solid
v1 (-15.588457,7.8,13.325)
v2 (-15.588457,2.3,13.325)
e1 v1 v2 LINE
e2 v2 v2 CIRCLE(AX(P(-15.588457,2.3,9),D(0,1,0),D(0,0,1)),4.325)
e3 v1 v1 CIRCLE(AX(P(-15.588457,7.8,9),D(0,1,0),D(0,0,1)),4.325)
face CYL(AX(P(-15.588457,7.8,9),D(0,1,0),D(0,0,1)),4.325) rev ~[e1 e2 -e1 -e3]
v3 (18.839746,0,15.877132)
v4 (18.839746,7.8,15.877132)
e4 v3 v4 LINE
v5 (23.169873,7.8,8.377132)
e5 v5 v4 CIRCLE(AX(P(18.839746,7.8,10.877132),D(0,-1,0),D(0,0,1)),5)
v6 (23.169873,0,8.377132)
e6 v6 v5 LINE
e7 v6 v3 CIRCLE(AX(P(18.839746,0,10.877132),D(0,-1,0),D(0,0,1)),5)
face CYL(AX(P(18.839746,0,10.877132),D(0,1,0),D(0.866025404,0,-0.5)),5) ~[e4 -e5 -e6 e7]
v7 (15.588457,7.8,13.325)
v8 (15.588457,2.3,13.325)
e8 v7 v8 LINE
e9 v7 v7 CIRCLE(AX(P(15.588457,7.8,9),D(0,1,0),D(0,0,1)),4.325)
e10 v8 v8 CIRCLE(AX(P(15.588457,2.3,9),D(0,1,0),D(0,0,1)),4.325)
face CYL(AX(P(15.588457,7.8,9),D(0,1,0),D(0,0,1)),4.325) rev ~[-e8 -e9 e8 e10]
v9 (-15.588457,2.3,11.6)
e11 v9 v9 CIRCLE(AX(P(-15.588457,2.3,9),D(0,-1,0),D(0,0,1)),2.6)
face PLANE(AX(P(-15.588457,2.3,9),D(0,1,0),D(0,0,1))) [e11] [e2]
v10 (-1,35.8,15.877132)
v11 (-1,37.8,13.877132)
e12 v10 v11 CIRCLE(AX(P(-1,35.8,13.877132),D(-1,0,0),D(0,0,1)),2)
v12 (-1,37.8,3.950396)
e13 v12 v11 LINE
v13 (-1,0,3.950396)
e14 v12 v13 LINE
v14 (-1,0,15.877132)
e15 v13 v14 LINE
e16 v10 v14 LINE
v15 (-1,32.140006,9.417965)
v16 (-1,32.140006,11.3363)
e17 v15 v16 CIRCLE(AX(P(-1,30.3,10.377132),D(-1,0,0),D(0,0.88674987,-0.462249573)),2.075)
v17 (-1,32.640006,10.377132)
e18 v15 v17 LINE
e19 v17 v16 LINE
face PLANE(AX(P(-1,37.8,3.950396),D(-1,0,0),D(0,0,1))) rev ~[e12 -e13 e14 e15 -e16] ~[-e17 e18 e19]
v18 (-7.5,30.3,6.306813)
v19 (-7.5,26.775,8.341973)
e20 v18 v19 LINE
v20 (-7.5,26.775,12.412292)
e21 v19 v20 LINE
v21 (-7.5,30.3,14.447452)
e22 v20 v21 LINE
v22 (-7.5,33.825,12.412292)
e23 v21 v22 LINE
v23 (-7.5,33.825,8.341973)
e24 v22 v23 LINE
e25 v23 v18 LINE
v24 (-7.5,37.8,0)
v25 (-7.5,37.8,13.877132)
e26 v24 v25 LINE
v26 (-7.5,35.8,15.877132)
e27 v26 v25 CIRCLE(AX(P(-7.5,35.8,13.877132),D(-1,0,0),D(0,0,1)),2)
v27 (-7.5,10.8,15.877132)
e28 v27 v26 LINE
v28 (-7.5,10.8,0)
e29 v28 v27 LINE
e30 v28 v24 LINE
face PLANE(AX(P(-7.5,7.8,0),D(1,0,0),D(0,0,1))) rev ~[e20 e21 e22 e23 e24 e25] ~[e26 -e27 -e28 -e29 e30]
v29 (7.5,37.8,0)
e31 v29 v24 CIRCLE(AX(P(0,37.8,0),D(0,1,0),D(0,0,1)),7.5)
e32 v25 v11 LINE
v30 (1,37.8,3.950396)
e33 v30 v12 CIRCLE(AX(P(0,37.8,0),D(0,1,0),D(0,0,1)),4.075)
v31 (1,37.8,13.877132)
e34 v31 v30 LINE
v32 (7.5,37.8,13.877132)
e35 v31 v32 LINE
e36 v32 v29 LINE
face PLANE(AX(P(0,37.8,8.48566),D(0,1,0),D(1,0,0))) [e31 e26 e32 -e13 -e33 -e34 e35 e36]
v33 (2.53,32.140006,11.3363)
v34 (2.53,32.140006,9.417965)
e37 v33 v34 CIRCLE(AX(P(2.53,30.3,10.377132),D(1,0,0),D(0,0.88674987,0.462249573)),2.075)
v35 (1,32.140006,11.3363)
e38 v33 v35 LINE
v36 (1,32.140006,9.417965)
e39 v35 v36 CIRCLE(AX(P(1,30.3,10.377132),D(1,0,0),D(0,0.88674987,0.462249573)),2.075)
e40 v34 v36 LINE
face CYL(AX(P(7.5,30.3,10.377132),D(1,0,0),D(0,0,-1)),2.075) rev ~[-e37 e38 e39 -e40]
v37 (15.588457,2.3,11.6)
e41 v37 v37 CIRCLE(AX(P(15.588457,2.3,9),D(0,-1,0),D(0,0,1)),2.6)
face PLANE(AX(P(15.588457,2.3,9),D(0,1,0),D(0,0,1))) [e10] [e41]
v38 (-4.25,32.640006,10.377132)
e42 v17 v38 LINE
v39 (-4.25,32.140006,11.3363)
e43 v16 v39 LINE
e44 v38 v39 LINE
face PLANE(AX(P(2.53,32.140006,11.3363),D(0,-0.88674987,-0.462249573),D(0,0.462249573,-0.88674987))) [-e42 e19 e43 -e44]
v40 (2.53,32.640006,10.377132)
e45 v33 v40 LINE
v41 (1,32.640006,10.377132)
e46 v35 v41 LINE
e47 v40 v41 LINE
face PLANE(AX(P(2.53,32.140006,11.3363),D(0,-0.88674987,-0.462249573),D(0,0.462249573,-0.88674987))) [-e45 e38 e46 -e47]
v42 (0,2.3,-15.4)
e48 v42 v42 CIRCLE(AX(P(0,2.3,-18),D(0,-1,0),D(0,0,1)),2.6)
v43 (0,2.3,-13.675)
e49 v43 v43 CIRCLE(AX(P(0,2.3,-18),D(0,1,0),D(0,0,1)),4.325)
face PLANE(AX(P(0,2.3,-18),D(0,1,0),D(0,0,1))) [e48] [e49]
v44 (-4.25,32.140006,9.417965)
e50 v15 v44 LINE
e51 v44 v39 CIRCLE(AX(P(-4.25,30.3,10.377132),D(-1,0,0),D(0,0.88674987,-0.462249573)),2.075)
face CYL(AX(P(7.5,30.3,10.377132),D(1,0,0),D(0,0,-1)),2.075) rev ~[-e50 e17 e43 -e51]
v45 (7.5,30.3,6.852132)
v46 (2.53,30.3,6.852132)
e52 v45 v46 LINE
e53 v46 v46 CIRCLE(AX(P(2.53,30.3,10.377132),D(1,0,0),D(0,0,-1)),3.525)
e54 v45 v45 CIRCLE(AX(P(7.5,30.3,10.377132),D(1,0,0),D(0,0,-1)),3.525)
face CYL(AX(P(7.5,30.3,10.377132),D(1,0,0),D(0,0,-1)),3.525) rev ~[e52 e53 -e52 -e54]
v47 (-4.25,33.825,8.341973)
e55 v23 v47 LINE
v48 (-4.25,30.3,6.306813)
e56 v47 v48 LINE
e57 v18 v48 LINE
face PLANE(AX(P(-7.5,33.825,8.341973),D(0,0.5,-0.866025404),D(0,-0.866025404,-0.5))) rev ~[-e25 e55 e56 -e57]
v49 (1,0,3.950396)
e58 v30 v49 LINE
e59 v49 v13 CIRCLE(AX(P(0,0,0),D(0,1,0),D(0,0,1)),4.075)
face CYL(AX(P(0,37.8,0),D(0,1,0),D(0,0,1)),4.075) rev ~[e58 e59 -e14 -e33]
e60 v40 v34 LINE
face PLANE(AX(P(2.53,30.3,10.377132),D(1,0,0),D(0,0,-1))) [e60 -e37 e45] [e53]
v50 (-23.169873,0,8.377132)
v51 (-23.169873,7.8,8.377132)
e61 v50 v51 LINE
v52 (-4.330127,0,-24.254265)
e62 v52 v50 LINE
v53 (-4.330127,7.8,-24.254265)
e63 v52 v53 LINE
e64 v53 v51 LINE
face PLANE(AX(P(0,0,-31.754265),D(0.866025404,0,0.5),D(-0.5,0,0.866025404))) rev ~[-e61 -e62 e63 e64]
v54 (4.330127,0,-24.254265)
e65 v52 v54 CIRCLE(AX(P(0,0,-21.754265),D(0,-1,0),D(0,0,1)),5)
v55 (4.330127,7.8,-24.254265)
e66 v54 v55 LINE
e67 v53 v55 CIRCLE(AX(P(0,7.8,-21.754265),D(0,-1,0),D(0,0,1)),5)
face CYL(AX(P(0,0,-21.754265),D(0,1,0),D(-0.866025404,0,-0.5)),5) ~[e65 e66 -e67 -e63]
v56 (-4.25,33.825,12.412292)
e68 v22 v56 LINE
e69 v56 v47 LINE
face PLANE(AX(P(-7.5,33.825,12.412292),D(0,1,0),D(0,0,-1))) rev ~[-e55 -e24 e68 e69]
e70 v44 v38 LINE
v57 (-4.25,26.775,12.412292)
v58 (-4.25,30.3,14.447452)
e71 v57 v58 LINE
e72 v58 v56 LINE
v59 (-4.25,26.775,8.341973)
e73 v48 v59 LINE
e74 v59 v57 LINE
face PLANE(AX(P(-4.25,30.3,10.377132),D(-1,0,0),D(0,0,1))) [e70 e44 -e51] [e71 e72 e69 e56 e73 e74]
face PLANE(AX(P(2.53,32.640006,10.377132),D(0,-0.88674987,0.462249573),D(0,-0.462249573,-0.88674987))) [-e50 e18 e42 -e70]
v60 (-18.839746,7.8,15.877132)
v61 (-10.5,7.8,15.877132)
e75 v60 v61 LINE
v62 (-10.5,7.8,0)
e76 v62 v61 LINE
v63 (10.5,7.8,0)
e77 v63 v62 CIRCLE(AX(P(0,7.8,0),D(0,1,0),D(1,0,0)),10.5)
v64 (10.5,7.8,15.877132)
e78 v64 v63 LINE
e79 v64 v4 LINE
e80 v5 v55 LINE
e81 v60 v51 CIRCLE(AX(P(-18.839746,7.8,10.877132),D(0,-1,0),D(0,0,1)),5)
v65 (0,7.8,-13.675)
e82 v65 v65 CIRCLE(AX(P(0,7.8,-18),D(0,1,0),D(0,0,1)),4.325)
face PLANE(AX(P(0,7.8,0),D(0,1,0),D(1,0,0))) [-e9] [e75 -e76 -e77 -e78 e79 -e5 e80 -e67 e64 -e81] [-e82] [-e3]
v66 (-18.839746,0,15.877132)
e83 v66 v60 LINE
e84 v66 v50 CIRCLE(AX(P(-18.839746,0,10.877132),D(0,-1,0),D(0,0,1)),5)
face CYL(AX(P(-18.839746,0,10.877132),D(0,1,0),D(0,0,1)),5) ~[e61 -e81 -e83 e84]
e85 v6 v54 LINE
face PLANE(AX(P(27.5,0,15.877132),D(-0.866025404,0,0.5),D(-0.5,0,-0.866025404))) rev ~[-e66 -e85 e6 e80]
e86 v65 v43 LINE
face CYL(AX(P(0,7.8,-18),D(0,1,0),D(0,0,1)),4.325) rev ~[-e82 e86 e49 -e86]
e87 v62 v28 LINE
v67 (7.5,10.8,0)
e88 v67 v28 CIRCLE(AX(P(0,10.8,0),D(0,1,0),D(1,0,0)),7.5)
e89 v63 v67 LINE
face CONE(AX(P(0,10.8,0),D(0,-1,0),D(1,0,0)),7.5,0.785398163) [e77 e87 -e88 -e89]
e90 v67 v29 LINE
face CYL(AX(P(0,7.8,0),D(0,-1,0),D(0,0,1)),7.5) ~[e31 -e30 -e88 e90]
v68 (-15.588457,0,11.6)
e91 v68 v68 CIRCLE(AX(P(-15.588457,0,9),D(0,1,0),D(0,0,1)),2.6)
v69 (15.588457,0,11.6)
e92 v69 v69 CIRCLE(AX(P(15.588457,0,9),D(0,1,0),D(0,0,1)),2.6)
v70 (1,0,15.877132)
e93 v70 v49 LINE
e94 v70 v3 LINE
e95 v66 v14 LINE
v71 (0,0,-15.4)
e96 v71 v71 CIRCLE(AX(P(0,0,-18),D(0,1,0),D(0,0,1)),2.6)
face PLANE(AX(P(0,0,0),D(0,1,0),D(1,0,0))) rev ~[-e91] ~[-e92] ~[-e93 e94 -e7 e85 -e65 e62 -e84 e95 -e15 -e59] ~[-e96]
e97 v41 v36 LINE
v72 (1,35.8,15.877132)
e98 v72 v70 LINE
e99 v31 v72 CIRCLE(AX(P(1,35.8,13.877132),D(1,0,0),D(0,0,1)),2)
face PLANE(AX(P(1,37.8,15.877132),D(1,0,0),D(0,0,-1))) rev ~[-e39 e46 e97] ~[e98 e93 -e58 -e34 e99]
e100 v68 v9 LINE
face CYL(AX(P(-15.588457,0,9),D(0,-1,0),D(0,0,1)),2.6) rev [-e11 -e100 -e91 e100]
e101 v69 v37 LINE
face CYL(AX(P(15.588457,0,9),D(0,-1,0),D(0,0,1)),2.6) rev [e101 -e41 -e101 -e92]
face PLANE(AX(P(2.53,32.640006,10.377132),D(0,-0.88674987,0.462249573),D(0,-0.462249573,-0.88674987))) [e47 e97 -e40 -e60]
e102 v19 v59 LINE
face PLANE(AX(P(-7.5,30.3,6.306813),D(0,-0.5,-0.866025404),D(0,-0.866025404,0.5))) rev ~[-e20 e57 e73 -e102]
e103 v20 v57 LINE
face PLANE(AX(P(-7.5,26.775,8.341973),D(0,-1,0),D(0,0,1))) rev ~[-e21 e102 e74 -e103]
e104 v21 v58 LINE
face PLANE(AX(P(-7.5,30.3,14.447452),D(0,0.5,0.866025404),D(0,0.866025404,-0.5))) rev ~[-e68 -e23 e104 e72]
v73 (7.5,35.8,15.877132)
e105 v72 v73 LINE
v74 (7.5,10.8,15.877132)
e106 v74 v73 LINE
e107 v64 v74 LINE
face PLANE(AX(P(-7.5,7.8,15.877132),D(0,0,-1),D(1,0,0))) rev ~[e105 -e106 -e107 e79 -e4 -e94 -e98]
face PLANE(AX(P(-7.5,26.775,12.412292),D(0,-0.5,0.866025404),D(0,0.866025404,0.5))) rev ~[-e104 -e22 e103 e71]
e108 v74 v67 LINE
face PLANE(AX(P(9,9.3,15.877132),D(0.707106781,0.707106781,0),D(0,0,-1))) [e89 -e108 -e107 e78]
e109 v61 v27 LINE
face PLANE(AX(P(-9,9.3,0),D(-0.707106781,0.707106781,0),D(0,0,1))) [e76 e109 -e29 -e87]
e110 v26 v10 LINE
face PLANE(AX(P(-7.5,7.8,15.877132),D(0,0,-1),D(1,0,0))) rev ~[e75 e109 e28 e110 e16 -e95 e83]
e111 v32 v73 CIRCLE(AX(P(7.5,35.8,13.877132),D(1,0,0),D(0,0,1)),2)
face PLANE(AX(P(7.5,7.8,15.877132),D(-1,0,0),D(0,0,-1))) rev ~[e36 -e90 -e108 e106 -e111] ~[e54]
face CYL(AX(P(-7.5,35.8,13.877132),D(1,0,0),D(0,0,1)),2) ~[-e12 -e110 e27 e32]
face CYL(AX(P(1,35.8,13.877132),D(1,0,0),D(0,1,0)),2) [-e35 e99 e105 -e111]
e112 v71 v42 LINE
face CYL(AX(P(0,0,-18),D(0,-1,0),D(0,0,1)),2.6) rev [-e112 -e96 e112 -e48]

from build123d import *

# Parameters (mm, degrees)
ESQUISSE5_R              = 2.6
BOSS_EXTRU_2_DEPTH       = 7.8
ESQUISSE6_R              = 7.5
BOSS_EXTRU_3_DEPTH       = 30
BOSS_EXTRU_6_START       = -30
BOSS_EXTRU_6_DEPTH       = 30
ESQUISSE14_R             = 4.075
ENL_V_MAT_EXTRU_4_DEPTH  = 57.510382527
ENL_V_MAT_EXTRU_5_DEPTH  = 57.510382527
CONG_2_R                 = 5
ESQUISSE17_R             = 2.075
ENL_V_MAT_EXTRU_6_DEPTH  = 56.917889465
ENL_V_MAT_EXTRU_7_DEPTH  = 3.25
CHANFREIN1_SIZE          = 3
ESQUISSE20_R             = 3.525
ENL_V_MAT_EXTRU_9_DEPTH  = 4.97
CONG_3_R                 = 2
ESQUISSE19_R             = 4.325
ENL_V_MAT_EXTRU_8_DEPTH  = 5.5
ENL_V_MAT_EXTRU_10_DEPTH = 54.291595842


with BuildPart() as part:
    # Esquisse5 → Boss.-Extru.2 (new body)
    with BuildSketch(Plane(origin=(0, 0, 0), x_dir=(1, 0, 0), z_dir=(0, 1, 0))):
        Polygon((-27.5, -15.877132403), (27.5, -15.877132403), (0, 31.754264805), align=None)
        with Locations(Location((0, 18, 0), (0, 0, 270))):
            Circle(ESQUISSE5_R, mode=Mode.SUBTRACT)
        with Locations(Location((-15.588457268, -9, 0), (0, 0, 270))):
            Circle(ESQUISSE5_R, mode=Mode.SUBTRACT)
        with Locations(Location((15.588457268, -9, 0), (0, 0, 270))):
            Circle(ESQUISSE5_R, mode=Mode.SUBTRACT)
    extrude(amount=BOSS_EXTRU_2_DEPTH)

    # Esquisse6 → Boss.-Extru.3 (add)
    with BuildSketch(Plane(origin=(0, 7.8, 0), x_dir=(1, 0, 0), z_dir=(0, 1, 0))):
        with Locations(Location((0, 0, 0), (0, 0, 270))):
            Circle(ESQUISSE6_R)
    extrude(amount=BOSS_EXTRU_3_DEPTH)

    # Esquisse13 → Boss.-Extru.6 (add)
    with BuildSketch(Plane(origin=(0, 37.8, 0), x_dir=(1, 0, 0), z_dir=(0, 1, 0)).offset(BOSS_EXTRU_6_START)):
        with BuildLine():
            Line((-7.5, 0), (-7.5, -15.877132403))
            Line((-7.5, -15.877132403), (7.5, -15.877132403))
            Line((7.5, -15.877132403), (7.5, 0))
            ThreePointArc((7.5, 0), (0, -7.5), (-7.5, 0))
        make_face()
    extrude(amount=BOSS_EXTRU_6_DEPTH)

    # Esquisse14 → Enlèv. mat.-Extru.4 (cut, through all)
    with BuildSketch(Plane(origin=(0, 37.8, 0), x_dir=(1, 0, 0), z_dir=(0, 1, 0))):
        with Locations(Location((0, 0, 0), (0, 0, 270))):
            Circle(ESQUISSE14_R)
    extrude(amount=-ENL_V_MAT_EXTRU_4_DEPTH, mode=Mode.SUBTRACT)

    # Esquisse15 → Enlèv. mat.-Extru.5 (cut, through all)
    with BuildSketch(Plane(origin=(0, 37.8, 0), x_dir=(1, 0, 0), z_dir=(0, 1, 0))):
        with BuildLine():
            Line((-1, -3.95039555), (-1, -15.877132403))
            Line((-1, -15.877132403), (1, -15.877132403))
            Line((1, -15.877132403), (1, -3.95039555))
            ThreePointArc((1, -3.95039555), (0, -4.075), (-1, -3.95039555))
        make_face()
    extrude(amount=-ENL_V_MAT_EXTRU_5_DEPTH, mode=Mode.SUBTRACT)

    # Congé2
    cong_2_edges = [part.edges().sort_by_distance(p)[0] for p in [
        (0, 3.9, -31.754264805),
        (27.5, 3.9, 15.877132403),
        (-27.5, 3.9, 15.877132403),
    ]]
    fillet(cong_2_edges, radius=CONG_2_R)

    # Esquisse17 → Enlèv. mat.-Extru.6 (cut, through all)
    with BuildSketch(Plane(origin=(7.5, 0, 0), x_dir=(0, 0, -1), z_dir=(1, 0, 0))):
        with Locations((-10.377132403, 30.3)):
            Circle(ESQUISSE17_R)
    extrude(amount=-ENL_V_MAT_EXTRU_6_DEPTH, mode=Mode.SUBTRACT)

    # Esquisse18 → Enlèv. mat.-Extru.7 (cut)
    with BuildSketch(Plane.ZY.offset(7.5)):
        Polygon((12.412292102, 33.825), (8.341972704, 33.825), (6.306813005, 30.3), (8.341972704, 26.775), (12.412292102, 26.775), (14.447451801, 30.3), align=None)
    extrude(amount=-ENL_V_MAT_EXTRU_7_DEPTH, mode=Mode.SUBTRACT)

    # Chanfrein1
    chanfrein1_edges = [part.edges().sort_by_distance(p)[0] for p in [
        (0, 7.8, -7.5),
        (7.5, 7.8, 7.938566201),
        (-7.5, 7.8, 7.938566201),
    ]]
    chamfer(chanfrein1_edges, length=CHANFREIN1_SIZE)

    # Esquisse20 → Enlèv. mat.-Extru.9 (cut)
    with BuildSketch(Plane(origin=(7.5, 0, 0), x_dir=(0, 0, -1), z_dir=(1, 0, 0))):
        with Locations((-10.377132403, 30.3)):
            Circle(ESQUISSE20_R)
    extrude(amount=-ENL_V_MAT_EXTRU_9_DEPTH, mode=Mode.SUBTRACT)

    # Congé3
    cong_3_edges = [part.edges().sort_by_distance(p)[0] for p in [
        (-4.25, 37.8, 15.877132403),
        (4.25, 37.8, 15.877132403),
    ]]
    fillet(cong_3_edges, radius=CONG_3_R)

    # Esquisse19 → Enlèv. mat.-Extru.8 (cut)
    with BuildSketch(Plane(origin=(0, 7.8, 0), x_dir=(1, 0, 0), z_dir=(0, 1, 0))):
        with Locations(Location((0, 18, 0), (0, 0, 270))):
            Circle(ESQUISSE19_R)
        with Locations(Location((-15.588457268, -9, 0), (0, 0, 270))):
            Circle(ESQUISSE19_R)
        with Locations(Location((15.588457268, -9, 0), (0, 0, 270))):
            Circle(ESQUISSE19_R)
    extrude(amount=-ENL_V_MAT_EXTRU_8_DEPTH, mode=Mode.SUBTRACT)

    # Esquisse21 → Enlèv. mat.-Extru.10 (cut, through all)
    with BuildSketch(Plane(origin=(2.53, 0, 0), x_dir=(0, 0, -1), z_dir=(1, 0, 0))):
        Polygon((-11.336300266, 32.140005981), (-10.377132403, 32.640005981), (-9.417964539, 32.140005981), align=None)
    extrude(amount=-ENL_V_MAT_EXTRU_10_DEPTH, mode=Mode.SUBTRACT)


solid = part.part
